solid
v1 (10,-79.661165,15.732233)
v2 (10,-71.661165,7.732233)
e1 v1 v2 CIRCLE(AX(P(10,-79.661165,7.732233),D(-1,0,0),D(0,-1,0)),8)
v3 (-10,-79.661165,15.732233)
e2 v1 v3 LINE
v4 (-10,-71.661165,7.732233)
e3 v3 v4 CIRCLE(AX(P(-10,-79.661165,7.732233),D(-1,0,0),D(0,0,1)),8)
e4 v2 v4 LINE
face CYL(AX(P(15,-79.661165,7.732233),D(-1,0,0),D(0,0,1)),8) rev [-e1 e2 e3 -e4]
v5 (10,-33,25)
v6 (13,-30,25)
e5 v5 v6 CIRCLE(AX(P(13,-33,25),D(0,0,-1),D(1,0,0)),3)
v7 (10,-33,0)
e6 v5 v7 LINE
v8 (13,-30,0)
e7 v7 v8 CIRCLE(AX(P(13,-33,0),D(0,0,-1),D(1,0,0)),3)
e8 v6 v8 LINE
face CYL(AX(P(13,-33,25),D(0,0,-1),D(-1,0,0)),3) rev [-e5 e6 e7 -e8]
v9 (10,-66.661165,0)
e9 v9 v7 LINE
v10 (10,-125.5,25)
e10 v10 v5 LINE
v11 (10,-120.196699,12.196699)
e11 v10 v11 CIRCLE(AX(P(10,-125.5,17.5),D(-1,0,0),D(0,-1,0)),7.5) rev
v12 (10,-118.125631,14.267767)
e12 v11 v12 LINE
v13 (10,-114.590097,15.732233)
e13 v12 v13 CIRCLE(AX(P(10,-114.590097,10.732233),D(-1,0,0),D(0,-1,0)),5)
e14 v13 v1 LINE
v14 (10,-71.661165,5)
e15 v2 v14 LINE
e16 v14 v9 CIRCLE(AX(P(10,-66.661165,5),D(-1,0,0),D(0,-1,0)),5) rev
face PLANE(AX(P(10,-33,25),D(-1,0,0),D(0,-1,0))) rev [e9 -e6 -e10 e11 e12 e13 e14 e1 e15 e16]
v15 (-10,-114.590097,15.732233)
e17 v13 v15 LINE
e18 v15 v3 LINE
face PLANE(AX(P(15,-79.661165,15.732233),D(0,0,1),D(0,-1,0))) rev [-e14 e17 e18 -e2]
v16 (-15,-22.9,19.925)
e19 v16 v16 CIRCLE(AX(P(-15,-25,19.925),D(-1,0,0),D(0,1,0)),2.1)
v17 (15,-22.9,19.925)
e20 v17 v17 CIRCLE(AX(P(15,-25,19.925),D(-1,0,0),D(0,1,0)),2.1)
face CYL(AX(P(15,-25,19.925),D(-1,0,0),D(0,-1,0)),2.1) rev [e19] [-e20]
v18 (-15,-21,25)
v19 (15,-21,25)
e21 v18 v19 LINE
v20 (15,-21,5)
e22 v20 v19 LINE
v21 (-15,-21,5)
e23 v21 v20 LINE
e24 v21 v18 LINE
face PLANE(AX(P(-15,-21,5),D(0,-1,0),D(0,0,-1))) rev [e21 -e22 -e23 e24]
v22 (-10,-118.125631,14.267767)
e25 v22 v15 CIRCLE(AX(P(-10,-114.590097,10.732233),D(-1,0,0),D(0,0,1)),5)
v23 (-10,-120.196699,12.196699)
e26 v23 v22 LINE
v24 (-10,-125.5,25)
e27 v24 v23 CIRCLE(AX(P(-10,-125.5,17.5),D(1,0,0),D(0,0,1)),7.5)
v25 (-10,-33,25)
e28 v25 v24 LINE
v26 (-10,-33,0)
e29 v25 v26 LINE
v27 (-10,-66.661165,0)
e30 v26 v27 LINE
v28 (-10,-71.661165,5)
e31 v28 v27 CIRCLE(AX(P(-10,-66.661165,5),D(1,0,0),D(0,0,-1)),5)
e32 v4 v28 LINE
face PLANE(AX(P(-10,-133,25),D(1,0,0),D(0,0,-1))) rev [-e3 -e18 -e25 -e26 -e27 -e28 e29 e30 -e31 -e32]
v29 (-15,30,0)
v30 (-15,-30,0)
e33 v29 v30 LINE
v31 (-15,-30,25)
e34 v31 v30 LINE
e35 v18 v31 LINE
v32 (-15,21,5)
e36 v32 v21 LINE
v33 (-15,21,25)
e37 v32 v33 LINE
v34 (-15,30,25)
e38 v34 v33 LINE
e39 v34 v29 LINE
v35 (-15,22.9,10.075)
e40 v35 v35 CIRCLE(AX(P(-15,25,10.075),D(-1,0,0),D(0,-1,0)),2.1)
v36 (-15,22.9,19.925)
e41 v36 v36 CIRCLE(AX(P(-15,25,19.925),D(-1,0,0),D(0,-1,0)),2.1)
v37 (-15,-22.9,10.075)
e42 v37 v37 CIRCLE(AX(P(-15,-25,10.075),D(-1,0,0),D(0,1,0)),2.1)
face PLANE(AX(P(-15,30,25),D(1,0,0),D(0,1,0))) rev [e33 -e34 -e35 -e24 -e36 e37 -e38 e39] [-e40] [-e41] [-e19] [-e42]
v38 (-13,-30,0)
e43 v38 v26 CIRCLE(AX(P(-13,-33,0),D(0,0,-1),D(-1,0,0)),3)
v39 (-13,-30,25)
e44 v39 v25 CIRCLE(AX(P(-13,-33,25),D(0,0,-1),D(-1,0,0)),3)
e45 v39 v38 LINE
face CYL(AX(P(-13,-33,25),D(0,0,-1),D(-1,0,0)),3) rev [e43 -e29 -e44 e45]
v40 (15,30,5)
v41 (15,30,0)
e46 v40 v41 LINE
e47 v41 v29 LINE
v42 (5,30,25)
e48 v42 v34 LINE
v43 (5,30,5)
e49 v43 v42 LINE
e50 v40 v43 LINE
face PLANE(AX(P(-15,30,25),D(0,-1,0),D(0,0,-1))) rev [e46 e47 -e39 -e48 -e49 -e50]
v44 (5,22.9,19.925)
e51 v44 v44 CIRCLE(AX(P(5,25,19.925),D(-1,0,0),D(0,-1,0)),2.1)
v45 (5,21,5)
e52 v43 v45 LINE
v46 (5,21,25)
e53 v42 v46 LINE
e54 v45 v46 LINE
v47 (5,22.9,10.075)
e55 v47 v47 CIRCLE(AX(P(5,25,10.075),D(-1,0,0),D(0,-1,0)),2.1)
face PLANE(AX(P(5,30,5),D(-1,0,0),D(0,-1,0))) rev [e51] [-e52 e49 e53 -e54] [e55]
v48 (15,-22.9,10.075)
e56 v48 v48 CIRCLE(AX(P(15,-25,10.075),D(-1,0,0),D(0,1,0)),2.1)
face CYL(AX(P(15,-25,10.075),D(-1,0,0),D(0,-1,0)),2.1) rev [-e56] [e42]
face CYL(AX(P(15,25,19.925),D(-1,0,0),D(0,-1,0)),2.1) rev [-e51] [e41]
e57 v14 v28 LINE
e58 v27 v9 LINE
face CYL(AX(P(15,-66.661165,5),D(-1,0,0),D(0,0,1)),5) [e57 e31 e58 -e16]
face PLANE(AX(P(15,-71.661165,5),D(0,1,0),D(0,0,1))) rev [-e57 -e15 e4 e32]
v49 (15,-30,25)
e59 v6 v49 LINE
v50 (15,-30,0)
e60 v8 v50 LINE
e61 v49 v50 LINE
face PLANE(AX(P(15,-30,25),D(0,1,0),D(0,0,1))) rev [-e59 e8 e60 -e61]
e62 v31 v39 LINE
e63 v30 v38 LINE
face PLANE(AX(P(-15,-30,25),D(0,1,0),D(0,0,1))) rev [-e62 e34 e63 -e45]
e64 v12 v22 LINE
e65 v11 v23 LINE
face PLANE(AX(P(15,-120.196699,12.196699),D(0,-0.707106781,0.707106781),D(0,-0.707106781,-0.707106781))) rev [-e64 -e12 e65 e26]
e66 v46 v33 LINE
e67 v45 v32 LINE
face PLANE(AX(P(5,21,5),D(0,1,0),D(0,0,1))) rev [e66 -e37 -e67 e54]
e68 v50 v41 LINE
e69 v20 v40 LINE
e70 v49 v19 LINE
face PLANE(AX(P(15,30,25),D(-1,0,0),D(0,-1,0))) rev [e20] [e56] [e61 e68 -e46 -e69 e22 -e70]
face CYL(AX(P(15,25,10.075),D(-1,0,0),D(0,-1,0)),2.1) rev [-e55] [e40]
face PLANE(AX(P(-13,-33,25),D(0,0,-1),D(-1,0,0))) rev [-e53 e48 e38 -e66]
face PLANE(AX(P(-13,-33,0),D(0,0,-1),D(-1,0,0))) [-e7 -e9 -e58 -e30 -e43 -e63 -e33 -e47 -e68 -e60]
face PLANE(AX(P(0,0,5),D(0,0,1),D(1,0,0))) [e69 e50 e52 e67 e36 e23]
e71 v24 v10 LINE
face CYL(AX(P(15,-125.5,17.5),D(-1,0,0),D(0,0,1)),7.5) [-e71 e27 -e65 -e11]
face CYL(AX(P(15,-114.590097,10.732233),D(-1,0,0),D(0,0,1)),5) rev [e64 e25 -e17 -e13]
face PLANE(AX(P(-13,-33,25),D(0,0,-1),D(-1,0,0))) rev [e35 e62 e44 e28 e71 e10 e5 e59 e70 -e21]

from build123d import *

# Parameters (mm, degrees)
EXTRUDE_1_DEPTH     = 25
CUT_EXTRUDE_1_DEPTH = 20
SKETCH_3_R          = 2.1
CUT_EXTRUDE_2_DEPTH = 139.614573548
CUT_EXTRUDE_4_DEPTH = 138.61903938


with BuildPart() as part:
    # 草图1 → 凸台-拉伸1 (new body)
    with BuildSketch(Plane.XY):
        with BuildLine():
            Line((-15, -30), (-13, -30))
            ThreePointArc((-13, -30), (-10.878679656, -30.878679656), (-10, -33))
            Line((-10, -33), (-10, -133))
            Line((-10, -133), (0, -133))
            Line((0, -133), (10, -133))
            Line((10, -133), (10, -61))
            Line((10, -61), (10, -33))
            ThreePointArc((10, -33), (10.878679656, -30.878679656), (13, -30))
            Line((13, -30), (15, -30))
            Line((15, -30), (15, 30))
            Line((15, 30), (-15, 30))
            Line((-15, 30), (-15, -30))
        make_face()
    extrude(amount=EXTRUDE_1_DEPTH)

    # 草图2 → 切除-拉伸1 (cut)
    with BuildSketch(Plane.XY.offset(25)):
        Polygon((-15, -21), (15, -21), (15, 30), (5, 30), (5, 21), (-15, 21), align=None)
    extrude(amount=-CUT_EXTRUDE_1_DEPTH, mode=Mode.SUBTRACT)

    # 草图3 → 切除-拉伸2 (cut, through all)
    with BuildSketch(Plane.ZY.offset(15)):
        with Locations(Location((10.075, 25, 0), (0, 0, 270))):
            Circle(SKETCH_3_R)
        with Locations(Location((19.925, 25, 0), (0, 0, 270))):
            Circle(SKETCH_3_R)
        with Locations(Location((19.925, -25, 0), (0, 0, 90))):
            Circle(SKETCH_3_R)
        with Locations(Location((10.075, -25, 0), (0, 0, 90))):
            Circle(SKETCH_3_R)
    extrude(amount=-CUT_EXTRUDE_2_DEPTH, mode=Mode.SUBTRACT)

    # 草图5 → 切除-拉伸4 (cut, through all)
    with BuildSketch(Plane.ZY.offset(10)):
        with BuildLine():
            Line((12.196699141, -120.196699141), (14.267766953, -118.125631329))
            ThreePointArc((14.267766953, -118.125631329), (15.35163071, -116.503514585), (15.732233047, -114.590097423))
            Line((15.732233047, -114.590097423), (15.732233047, -79.661165235))
            ThreePointArc((15.732233047, -79.661165235), (13.389087297, -74.004310986), (7.732233047, -71.661165235))
            Line((7.732233047, -71.661165235), (5, -71.661165235))
            ThreePointArc((5, -71.661165235), (1.464466094, -70.196699141), (0, -66.661165235))
            Line((0, -66.661165235), (0, -143.423968406))
            Line((0, -143.423968406), (25, -142.592205506))
            Line((25, -142.592205506), (25, -125.5))
            ThreePointArc((25, -125.5), (14.629874257, -132.429096494), (12.196699141, -120.196699141))
        make_face()
    extrude(amount=-CUT_EXTRUDE_4_DEPTH, mode=Mode.SUBTRACT)


solid = part.part
